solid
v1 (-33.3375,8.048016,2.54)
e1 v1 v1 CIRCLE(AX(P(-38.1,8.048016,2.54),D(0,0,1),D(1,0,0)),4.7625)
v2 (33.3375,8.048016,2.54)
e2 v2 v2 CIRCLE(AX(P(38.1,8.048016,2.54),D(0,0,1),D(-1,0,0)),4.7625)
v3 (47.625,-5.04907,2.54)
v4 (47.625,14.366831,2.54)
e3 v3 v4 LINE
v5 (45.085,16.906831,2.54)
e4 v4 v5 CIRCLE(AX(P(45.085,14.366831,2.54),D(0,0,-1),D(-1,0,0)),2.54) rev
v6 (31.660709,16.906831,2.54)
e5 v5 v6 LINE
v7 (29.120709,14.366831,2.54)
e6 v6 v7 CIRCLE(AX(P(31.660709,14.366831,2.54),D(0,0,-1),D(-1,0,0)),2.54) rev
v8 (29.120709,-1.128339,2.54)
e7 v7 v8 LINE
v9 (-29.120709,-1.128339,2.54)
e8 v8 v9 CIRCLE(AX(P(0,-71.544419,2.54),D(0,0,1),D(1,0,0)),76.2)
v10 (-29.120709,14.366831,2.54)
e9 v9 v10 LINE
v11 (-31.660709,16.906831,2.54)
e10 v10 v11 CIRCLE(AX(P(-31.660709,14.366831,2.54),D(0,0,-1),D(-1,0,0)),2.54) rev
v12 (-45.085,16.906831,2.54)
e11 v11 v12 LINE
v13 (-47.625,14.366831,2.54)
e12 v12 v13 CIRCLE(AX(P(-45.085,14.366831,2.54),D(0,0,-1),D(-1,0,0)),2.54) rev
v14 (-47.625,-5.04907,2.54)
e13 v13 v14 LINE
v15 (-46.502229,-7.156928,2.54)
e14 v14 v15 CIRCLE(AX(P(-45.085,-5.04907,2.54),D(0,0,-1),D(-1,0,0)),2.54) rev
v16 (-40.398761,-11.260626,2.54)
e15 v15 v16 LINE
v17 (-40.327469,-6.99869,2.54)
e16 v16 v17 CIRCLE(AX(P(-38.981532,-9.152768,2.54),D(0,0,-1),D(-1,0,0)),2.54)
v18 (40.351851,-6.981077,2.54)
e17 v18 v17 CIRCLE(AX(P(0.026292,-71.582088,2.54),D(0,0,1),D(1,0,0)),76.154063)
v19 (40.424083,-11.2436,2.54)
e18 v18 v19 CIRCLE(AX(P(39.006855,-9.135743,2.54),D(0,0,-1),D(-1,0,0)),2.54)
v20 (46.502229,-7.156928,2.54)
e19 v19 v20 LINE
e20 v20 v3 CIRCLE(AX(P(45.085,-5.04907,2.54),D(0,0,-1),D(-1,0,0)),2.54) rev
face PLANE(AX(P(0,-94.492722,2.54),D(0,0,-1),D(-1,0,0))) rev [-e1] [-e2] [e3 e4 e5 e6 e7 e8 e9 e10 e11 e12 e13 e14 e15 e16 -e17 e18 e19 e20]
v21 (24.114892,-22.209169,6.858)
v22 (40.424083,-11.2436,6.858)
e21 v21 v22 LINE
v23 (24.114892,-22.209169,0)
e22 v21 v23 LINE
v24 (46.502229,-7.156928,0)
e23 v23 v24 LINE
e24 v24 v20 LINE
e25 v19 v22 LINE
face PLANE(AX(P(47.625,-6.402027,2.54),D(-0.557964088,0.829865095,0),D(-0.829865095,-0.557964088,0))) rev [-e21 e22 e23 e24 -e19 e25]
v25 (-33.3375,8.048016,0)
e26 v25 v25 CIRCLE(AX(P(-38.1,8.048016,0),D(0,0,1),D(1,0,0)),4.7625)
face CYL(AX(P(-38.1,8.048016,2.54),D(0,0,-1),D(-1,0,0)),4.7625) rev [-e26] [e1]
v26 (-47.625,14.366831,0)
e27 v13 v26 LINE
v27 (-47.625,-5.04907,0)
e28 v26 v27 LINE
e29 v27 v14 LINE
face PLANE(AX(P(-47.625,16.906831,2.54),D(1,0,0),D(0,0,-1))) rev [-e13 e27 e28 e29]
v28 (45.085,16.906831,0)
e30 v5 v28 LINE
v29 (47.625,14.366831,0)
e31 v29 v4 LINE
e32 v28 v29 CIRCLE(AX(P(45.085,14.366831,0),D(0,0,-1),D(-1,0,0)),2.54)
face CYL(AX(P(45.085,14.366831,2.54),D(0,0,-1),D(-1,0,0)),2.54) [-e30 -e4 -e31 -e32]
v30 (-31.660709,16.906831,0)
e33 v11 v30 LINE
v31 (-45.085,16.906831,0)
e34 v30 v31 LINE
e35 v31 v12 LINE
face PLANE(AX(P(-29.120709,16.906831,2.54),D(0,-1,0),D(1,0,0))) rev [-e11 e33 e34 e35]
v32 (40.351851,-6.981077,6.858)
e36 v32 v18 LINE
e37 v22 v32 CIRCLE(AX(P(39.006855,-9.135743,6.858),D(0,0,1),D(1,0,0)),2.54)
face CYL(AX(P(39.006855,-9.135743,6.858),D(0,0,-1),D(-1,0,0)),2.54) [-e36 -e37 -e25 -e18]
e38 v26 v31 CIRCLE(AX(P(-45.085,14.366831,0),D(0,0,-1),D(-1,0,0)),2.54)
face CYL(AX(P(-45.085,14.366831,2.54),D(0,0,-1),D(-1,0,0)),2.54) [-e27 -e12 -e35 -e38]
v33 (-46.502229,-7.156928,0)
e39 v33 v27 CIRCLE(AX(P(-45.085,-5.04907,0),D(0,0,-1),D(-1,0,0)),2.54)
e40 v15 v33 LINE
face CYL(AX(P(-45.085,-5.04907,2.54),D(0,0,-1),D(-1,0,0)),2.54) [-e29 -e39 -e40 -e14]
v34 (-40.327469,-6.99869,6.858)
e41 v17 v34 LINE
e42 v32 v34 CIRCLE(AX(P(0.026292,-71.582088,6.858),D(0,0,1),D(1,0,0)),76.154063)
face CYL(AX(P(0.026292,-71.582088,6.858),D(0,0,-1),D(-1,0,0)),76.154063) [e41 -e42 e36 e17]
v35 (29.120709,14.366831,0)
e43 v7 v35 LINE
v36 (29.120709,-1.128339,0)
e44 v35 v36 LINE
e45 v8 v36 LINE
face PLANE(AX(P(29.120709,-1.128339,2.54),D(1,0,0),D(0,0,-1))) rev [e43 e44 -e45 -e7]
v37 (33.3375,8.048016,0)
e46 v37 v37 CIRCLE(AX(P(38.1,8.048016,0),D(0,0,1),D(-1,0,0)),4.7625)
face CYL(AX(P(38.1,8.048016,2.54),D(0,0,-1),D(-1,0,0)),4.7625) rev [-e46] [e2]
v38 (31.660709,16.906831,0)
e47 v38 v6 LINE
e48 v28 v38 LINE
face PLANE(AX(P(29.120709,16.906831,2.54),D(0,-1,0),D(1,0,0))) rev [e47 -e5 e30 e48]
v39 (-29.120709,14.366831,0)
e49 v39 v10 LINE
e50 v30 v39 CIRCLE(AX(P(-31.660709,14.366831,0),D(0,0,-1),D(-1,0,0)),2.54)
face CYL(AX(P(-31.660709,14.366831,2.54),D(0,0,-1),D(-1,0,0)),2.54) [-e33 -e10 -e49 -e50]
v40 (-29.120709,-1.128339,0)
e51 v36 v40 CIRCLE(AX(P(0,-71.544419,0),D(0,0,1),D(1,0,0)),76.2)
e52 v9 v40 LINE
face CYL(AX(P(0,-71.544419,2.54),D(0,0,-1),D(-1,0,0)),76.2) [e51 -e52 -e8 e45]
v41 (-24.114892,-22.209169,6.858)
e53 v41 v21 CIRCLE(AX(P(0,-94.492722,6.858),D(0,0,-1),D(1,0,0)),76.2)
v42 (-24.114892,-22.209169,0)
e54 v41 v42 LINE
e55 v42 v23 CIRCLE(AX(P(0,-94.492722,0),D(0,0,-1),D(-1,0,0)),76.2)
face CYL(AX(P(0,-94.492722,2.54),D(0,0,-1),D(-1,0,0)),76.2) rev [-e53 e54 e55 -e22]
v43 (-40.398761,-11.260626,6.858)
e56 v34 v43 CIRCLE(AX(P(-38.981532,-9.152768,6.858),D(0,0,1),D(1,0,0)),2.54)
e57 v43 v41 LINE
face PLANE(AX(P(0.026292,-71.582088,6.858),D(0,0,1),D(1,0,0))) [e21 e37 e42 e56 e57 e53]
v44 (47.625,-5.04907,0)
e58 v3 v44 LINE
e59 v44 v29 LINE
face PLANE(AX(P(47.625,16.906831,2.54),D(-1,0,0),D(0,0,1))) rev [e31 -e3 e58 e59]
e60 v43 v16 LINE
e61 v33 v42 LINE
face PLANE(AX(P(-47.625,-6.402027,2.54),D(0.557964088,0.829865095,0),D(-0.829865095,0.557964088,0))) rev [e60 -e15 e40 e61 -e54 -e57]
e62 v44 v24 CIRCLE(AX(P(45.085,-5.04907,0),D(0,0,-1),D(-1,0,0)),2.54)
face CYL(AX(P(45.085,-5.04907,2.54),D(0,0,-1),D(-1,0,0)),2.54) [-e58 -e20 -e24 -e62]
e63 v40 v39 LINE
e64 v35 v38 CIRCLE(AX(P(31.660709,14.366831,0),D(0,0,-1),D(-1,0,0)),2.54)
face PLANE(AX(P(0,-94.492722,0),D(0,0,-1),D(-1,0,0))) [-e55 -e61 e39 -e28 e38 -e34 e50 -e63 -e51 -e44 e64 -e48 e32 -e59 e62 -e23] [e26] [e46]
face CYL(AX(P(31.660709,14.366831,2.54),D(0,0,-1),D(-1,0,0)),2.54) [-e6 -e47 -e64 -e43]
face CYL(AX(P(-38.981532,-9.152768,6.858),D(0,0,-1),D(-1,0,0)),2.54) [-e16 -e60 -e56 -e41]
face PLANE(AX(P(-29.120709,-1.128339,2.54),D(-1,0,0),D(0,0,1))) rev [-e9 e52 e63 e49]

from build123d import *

# Parameters (mm, degrees)
SKETCH1_R           = 4.762500000000004
BOSS_EXTRUDE1_DEPTH = 2.54
BOSS_EXTRUDE2_DEPTH = 4.318
FILLET1_R           = 2.54


with BuildPart() as part:
    # Sketch1 → Boss-Extrude1 (new body)
    with BuildSketch(Plane.XY):
        with BuildLine():
            Line((-29.12070870680529, -1.1283392484503774), (-29.12070870680529, 16.90683065104644))
            Line((-29.12070870680529, 16.90683065104644), (-47.625, 16.906830651046437))
            Line((-47.625, 16.906830651046437), (-47.625, -6.402026683274578))
            Line((-47.625, -6.402026683274578), (-24.11489201542563, -22.209169348953562))
            ThreePointArc((-24.11489201542563, -22.209169348953562), (4.67e-15, -18.29272199465825), (24.11489201542563, -22.209169348953562))
            Line((24.11489201542563, -22.209169348953562), (47.625, -6.402026683274578))
            Line((47.625, -6.402026683274578), (47.625, 16.906830651046437))
            Line((47.625, 16.906830651046437), (29.12070870680529, 16.90683065104644))
            Line((29.12070870680529, 16.90683065104644), (29.12070870680529, -1.1283392484503774))
            ThreePointArc((29.12070870680529, -1.1283392484503774), (4.67e-15, 4.6555807384347645), (-29.12070870680529, -1.1283392484503774))
        make_face()
        with Locations((-38.099999999999994, 8.048015683552894)):
            Circle(SKETCH1_R, mode=Mode.SUBTRACT)
        with Locations(Location((38.099999999999994, 8.048015683552894, 0), (0, 0, 180))):
            Circle(SKETCH1_R, mode=Mode.SUBTRACT)
    extrude(amount=BOSS_EXTRUDE1_DEPTH)

    # Sketch2 → Boss-Extrude2 (add)
    with BuildSketch(Plane.XY.offset(2.54)):
        with BuildLine():
            Line((-43.56033013161569, -9.13492848621798), (-24.114892015425625, -22.209169348953562))
            ThreePointArc((-24.114892015425625, -22.209169348953562), (4.67e-15, -18.29272199465825), (24.11489201542563, -22.209169348953562))
            Line((24.11489201542563, -22.209169348953562), (43.58710776229448, -9.11692440777367))
            ThreePointArc((43.58710776229448, -9.11692440777367), (0.01055892070138382, 4.5719736134911955), (-43.56033013161569, -9.13492848621798))
        make_face()
    extrude(amount=BOSS_EXTRUDE2_DEPTH)

    # Fillet1
    fillet1_edges = [part.edges().sort_by_distance(p)[0] for p in [
        (47.625, -6.402026683274578, 1.27),
        (-47.625, -6.402026683274578, 1.27),
        (-47.625, 16.906830651046437, 1.27),
        (-29.12070870680529, 16.90683065104644, 1.27),
        (29.12070870680529, 16.90683065104644, 1.27),
        (47.625, 16.906830651046437, 1.27),
        (43.58710776229448, -9.116924407773672, 4.699),
        (-43.56033013161569, -9.13492848621799, 4.699),
    ]]
    fillet(fillet1_edges, radius=FILLET1_R)


solid = part.part
